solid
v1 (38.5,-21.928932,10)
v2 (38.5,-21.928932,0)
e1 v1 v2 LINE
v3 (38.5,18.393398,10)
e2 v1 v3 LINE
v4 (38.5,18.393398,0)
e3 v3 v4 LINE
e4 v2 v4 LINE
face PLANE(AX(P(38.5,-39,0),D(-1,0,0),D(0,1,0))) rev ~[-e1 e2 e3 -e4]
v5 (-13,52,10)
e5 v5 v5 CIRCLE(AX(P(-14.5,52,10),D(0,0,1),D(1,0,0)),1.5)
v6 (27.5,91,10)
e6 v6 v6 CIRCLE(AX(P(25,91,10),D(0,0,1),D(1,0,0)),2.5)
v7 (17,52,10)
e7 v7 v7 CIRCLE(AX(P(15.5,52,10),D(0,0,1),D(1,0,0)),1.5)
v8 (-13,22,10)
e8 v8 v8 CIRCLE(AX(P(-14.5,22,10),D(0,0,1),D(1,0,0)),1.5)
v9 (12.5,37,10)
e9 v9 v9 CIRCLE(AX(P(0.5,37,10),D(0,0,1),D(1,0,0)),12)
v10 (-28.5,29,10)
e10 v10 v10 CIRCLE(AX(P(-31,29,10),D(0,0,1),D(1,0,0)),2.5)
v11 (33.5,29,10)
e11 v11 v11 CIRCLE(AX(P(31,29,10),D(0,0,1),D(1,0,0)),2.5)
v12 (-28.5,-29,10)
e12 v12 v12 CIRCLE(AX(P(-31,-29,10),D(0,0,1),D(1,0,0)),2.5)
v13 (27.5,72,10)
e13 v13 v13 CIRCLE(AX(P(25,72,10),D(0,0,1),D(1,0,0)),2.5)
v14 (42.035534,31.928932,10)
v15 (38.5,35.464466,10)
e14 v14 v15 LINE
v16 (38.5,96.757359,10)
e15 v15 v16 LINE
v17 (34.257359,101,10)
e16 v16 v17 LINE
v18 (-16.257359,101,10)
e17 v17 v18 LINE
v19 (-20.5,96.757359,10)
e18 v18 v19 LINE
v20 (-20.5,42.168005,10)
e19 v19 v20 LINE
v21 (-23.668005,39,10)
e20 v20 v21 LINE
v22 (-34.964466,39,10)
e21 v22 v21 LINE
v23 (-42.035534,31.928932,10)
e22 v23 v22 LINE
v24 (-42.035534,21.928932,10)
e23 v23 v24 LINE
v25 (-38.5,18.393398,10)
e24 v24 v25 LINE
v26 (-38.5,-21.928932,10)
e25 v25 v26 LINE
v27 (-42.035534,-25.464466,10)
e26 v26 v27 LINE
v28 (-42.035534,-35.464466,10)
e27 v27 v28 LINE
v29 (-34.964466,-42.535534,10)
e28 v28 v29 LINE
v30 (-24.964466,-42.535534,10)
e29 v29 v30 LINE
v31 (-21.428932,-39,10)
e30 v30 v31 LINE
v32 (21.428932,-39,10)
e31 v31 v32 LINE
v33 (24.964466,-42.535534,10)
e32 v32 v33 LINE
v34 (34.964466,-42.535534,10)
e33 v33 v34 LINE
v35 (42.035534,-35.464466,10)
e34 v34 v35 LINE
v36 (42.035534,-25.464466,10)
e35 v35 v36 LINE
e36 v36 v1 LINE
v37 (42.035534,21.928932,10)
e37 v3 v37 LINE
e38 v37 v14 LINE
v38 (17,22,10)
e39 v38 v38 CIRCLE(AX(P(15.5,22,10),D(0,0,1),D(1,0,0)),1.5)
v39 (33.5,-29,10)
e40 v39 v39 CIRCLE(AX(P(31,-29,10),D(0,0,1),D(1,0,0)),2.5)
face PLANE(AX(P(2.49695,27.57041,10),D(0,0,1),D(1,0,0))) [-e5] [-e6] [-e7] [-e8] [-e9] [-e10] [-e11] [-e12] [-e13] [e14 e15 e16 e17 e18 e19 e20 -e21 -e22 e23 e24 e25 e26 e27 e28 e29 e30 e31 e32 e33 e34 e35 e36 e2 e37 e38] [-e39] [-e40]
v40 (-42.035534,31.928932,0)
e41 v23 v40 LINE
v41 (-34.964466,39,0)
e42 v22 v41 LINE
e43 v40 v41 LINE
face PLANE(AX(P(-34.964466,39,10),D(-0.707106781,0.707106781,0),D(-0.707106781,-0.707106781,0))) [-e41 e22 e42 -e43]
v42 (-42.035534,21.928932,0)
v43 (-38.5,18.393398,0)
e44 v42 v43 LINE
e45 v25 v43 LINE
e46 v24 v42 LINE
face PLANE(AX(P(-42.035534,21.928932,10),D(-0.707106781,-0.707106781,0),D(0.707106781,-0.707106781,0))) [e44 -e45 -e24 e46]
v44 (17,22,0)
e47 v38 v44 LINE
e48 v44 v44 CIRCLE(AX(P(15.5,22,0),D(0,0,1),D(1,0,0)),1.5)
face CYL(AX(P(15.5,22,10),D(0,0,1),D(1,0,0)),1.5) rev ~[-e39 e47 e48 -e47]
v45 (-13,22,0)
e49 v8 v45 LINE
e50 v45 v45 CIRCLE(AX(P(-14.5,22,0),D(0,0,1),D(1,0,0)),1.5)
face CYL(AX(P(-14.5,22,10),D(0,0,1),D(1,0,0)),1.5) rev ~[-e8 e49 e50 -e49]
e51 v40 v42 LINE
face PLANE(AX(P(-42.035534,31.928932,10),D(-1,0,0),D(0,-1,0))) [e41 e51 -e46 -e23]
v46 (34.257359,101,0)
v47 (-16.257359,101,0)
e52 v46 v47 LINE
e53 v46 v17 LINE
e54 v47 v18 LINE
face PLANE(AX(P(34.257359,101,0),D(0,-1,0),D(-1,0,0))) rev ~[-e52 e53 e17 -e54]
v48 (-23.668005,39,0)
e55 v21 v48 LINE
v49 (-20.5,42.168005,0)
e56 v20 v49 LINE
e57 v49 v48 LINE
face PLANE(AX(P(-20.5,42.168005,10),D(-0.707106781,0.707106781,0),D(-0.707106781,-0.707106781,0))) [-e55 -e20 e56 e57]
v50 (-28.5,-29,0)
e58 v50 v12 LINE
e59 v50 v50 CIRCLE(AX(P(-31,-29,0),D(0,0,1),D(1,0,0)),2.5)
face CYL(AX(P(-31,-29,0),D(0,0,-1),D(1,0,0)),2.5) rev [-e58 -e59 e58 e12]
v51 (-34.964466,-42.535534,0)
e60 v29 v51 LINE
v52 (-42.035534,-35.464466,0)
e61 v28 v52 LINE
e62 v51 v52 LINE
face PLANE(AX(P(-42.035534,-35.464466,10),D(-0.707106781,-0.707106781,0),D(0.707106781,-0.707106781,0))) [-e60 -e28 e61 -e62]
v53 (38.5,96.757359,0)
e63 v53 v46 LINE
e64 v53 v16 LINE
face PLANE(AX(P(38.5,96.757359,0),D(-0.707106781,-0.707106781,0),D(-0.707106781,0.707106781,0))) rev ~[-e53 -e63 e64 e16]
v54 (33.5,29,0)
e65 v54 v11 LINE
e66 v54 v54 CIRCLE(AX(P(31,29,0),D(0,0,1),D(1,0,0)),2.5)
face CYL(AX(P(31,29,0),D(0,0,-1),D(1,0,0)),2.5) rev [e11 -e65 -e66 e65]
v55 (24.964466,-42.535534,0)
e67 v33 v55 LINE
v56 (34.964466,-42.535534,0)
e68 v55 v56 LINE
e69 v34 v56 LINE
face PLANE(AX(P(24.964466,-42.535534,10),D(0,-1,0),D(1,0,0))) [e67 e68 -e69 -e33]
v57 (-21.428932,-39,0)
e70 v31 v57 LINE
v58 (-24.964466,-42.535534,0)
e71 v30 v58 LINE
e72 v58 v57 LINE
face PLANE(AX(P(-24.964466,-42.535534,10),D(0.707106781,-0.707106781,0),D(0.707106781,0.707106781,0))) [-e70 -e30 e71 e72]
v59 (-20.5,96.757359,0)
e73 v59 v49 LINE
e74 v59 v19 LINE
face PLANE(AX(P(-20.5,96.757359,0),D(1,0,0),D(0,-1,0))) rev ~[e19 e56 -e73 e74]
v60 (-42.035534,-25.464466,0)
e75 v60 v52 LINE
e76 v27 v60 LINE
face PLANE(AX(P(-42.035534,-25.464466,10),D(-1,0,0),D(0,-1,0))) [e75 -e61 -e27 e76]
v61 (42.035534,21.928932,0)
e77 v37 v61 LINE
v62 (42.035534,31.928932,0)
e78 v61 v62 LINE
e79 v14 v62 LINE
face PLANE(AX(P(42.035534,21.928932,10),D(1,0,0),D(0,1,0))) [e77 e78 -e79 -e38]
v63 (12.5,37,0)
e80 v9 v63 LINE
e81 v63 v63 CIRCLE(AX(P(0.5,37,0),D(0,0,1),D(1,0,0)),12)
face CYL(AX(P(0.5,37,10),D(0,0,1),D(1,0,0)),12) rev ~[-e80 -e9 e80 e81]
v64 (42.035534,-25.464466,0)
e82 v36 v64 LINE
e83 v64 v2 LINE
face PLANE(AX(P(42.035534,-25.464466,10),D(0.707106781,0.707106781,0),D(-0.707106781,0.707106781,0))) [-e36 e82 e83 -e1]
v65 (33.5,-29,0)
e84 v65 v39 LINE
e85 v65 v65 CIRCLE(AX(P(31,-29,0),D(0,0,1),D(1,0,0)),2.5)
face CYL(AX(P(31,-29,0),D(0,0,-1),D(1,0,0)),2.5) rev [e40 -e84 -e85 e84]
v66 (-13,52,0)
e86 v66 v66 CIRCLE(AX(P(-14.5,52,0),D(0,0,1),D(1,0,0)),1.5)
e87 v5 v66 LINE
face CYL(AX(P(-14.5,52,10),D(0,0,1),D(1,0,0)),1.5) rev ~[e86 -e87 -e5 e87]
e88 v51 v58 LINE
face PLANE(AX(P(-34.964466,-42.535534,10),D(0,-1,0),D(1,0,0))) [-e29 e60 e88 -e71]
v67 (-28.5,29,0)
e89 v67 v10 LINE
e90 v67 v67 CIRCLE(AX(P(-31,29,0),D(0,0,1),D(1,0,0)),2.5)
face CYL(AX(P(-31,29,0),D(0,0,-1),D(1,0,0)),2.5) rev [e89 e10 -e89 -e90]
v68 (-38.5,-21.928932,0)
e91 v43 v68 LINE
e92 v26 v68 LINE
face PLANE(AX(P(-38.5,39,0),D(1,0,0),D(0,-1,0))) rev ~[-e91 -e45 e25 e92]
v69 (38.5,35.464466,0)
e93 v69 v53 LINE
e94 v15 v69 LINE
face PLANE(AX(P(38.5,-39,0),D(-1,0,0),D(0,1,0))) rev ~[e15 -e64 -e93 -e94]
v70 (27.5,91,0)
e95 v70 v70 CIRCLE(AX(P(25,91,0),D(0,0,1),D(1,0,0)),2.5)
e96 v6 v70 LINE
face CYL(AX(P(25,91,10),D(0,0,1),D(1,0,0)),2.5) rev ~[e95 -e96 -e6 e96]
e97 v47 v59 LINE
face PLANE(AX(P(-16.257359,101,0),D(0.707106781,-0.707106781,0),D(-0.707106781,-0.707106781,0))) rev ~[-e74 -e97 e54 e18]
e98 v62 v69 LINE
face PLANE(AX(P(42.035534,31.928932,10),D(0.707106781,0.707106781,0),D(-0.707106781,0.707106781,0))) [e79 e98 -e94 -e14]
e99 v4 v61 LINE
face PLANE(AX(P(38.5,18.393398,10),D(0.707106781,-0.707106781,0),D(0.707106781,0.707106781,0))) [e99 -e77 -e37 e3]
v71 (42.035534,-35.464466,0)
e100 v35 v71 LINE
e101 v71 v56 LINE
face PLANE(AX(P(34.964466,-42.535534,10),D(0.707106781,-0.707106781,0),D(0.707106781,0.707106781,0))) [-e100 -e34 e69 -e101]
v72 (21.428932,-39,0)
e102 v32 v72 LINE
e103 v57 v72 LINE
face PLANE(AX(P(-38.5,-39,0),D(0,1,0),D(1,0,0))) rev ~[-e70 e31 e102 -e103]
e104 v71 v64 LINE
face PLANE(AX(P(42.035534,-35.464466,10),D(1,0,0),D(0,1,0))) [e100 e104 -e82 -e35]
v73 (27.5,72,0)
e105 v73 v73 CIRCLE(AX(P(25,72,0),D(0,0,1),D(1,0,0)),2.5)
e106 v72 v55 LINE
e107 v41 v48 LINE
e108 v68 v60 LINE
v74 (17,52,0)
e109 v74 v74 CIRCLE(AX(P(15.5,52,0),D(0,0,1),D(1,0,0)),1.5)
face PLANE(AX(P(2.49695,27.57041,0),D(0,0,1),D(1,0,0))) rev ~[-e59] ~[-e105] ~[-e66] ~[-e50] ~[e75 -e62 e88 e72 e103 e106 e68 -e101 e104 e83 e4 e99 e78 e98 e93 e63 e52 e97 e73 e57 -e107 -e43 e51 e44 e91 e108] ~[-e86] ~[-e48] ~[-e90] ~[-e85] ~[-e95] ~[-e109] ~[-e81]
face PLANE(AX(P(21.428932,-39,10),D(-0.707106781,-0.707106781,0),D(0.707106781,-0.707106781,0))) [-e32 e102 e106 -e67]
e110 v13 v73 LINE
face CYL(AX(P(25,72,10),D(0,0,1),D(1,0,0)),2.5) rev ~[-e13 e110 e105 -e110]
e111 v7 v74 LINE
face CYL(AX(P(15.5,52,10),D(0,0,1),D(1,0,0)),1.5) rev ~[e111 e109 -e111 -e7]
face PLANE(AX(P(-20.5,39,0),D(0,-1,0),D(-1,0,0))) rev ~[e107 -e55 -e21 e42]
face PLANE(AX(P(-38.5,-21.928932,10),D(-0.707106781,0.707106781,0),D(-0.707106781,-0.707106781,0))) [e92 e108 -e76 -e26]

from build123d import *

# Parameters (mm, degrees)
CROQUIS1_R              = 2.5
SALIENTE_EXTRUIR1_DEPTH = 10
SALIENTE_EXTRUIR2_DEPTH = 10
CROQUIS10_R             = 2.5
CROQUIS10_R_2           = 12
CROQUIS10_R_3           = 1.5
CORTAR_EXTRUIR1_DEPTH   = 110.854385942


with BuildPart() as part:
    # Croquis1 → Saliente-Extruir1 (new body)
    with BuildSketch(Plane.XY):
        Polygon((-20.5, 39), (-38.5, 39), (-38.5, -39), (38.5, -39), (38.5, 96.757359313), (34.257359313, 101), (-16.257359313, 101), (-20.5, 96.757359313), align=None)
        with Locations((31, 29)):
            Circle(CROQUIS1_R, mode=Mode.SUBTRACT)
        with Locations((31, -29)):
            Circle(CROQUIS1_R, mode=Mode.SUBTRACT)
        with Locations((-31, -29)):
            Circle(CROQUIS1_R, mode=Mode.SUBTRACT)
        with Locations((-31, 29)):
            Circle(CROQUIS1_R, mode=Mode.SUBTRACT)
    extrude(amount=SALIENTE_EXTRUIR1_DEPTH)

    # Croquis9 → Saliente-Extruir2 (add, through all)
    with BuildSketch(Plane.XY.offset(10)):
        Polygon((-38.5, 35.464466094), (-38.5, 18.393398282), (-34.964466094, 39), align=None)
        Polygon((-42.035533906, 21.928932188), (-38.5, 18.393398282), (-38.5, 35.464466094), (-42.035533906, 31.928932188), align=None)
        Polygon((34.964466094, 39), (38.5, 18.393398282), (38.5, 35.464466094), align=None)
        Polygon((38.5, 35.464466094), (38.5, 18.393398282), (42.035533906, 21.928932188), (42.035533906, 31.928932188), align=None)
        Polygon((38.5, -21.928932188), (38.5, -30.464466094), (38.5, -39), (42.035533906, -35.464466094), (42.035533906, -25.464466094), align=None)
        Polygon((29.964466094, -39), (21.428932188, -39), (24.964466094, -42.535533906), (34.964466094, -42.535533906), (38.5, -39), align=None)
        Polygon((38.5, -30.464466094), (29.964466094, -39), (38.5, -39), align=None)
        Polygon((-38.5, -39), (-38.5, -30.464466094), (-38.5, -21.928932188), (-42.035533906, -25.464466094), (-42.035533906, -35.464466094), align=None)
        Polygon((-38.5, -39), (-29.964466094, -39), (-38.5, -30.464466094), align=None)
        Polygon((-24.964466094, -42.535533906), (-21.428932188, -39), (-29.964466094, -39), (-38.5, -39), (-34.964466094, -42.535533906), align=None)
        Polygon((-20.5, 42.168004936), (-23.668004936, 39), (-20.5, 39), align=None)
    extrude(amount=-SALIENTE_EXTRUIR2_DEPTH)

    # Croquis10 → Cortar-Extruir1 (cut, through all)
    with BuildSketch(Plane.XY.offset(10)):
        Polygon((-38.5, 39), (-38.5, 35.464466094), (-34.964466094, 39), align=None)
        with Locations((25, 72)):
            Circle(CROQUIS10_R)
        with Locations((25, 91)):
            Circle(CROQUIS10_R)
        with Locations((0.5, 37)):
            Circle(CROQUIS10_R_2)
        with Locations((-14.5, 52)):
            Circle(CROQUIS10_R_3)
        with Locations((15.5, 52)):
            Circle(CROQUIS10_R_3)
        with Locations((15.5, 22)):
            Circle(CROQUIS10_R_3)
        with Locations((-14.5, 22)):
            Circle(CROQUIS10_R_3)
    extrude(amount=-CORTAR_EXTRUIR1_DEPTH, mode=Mode.SUBTRACT)


solid = part.part
